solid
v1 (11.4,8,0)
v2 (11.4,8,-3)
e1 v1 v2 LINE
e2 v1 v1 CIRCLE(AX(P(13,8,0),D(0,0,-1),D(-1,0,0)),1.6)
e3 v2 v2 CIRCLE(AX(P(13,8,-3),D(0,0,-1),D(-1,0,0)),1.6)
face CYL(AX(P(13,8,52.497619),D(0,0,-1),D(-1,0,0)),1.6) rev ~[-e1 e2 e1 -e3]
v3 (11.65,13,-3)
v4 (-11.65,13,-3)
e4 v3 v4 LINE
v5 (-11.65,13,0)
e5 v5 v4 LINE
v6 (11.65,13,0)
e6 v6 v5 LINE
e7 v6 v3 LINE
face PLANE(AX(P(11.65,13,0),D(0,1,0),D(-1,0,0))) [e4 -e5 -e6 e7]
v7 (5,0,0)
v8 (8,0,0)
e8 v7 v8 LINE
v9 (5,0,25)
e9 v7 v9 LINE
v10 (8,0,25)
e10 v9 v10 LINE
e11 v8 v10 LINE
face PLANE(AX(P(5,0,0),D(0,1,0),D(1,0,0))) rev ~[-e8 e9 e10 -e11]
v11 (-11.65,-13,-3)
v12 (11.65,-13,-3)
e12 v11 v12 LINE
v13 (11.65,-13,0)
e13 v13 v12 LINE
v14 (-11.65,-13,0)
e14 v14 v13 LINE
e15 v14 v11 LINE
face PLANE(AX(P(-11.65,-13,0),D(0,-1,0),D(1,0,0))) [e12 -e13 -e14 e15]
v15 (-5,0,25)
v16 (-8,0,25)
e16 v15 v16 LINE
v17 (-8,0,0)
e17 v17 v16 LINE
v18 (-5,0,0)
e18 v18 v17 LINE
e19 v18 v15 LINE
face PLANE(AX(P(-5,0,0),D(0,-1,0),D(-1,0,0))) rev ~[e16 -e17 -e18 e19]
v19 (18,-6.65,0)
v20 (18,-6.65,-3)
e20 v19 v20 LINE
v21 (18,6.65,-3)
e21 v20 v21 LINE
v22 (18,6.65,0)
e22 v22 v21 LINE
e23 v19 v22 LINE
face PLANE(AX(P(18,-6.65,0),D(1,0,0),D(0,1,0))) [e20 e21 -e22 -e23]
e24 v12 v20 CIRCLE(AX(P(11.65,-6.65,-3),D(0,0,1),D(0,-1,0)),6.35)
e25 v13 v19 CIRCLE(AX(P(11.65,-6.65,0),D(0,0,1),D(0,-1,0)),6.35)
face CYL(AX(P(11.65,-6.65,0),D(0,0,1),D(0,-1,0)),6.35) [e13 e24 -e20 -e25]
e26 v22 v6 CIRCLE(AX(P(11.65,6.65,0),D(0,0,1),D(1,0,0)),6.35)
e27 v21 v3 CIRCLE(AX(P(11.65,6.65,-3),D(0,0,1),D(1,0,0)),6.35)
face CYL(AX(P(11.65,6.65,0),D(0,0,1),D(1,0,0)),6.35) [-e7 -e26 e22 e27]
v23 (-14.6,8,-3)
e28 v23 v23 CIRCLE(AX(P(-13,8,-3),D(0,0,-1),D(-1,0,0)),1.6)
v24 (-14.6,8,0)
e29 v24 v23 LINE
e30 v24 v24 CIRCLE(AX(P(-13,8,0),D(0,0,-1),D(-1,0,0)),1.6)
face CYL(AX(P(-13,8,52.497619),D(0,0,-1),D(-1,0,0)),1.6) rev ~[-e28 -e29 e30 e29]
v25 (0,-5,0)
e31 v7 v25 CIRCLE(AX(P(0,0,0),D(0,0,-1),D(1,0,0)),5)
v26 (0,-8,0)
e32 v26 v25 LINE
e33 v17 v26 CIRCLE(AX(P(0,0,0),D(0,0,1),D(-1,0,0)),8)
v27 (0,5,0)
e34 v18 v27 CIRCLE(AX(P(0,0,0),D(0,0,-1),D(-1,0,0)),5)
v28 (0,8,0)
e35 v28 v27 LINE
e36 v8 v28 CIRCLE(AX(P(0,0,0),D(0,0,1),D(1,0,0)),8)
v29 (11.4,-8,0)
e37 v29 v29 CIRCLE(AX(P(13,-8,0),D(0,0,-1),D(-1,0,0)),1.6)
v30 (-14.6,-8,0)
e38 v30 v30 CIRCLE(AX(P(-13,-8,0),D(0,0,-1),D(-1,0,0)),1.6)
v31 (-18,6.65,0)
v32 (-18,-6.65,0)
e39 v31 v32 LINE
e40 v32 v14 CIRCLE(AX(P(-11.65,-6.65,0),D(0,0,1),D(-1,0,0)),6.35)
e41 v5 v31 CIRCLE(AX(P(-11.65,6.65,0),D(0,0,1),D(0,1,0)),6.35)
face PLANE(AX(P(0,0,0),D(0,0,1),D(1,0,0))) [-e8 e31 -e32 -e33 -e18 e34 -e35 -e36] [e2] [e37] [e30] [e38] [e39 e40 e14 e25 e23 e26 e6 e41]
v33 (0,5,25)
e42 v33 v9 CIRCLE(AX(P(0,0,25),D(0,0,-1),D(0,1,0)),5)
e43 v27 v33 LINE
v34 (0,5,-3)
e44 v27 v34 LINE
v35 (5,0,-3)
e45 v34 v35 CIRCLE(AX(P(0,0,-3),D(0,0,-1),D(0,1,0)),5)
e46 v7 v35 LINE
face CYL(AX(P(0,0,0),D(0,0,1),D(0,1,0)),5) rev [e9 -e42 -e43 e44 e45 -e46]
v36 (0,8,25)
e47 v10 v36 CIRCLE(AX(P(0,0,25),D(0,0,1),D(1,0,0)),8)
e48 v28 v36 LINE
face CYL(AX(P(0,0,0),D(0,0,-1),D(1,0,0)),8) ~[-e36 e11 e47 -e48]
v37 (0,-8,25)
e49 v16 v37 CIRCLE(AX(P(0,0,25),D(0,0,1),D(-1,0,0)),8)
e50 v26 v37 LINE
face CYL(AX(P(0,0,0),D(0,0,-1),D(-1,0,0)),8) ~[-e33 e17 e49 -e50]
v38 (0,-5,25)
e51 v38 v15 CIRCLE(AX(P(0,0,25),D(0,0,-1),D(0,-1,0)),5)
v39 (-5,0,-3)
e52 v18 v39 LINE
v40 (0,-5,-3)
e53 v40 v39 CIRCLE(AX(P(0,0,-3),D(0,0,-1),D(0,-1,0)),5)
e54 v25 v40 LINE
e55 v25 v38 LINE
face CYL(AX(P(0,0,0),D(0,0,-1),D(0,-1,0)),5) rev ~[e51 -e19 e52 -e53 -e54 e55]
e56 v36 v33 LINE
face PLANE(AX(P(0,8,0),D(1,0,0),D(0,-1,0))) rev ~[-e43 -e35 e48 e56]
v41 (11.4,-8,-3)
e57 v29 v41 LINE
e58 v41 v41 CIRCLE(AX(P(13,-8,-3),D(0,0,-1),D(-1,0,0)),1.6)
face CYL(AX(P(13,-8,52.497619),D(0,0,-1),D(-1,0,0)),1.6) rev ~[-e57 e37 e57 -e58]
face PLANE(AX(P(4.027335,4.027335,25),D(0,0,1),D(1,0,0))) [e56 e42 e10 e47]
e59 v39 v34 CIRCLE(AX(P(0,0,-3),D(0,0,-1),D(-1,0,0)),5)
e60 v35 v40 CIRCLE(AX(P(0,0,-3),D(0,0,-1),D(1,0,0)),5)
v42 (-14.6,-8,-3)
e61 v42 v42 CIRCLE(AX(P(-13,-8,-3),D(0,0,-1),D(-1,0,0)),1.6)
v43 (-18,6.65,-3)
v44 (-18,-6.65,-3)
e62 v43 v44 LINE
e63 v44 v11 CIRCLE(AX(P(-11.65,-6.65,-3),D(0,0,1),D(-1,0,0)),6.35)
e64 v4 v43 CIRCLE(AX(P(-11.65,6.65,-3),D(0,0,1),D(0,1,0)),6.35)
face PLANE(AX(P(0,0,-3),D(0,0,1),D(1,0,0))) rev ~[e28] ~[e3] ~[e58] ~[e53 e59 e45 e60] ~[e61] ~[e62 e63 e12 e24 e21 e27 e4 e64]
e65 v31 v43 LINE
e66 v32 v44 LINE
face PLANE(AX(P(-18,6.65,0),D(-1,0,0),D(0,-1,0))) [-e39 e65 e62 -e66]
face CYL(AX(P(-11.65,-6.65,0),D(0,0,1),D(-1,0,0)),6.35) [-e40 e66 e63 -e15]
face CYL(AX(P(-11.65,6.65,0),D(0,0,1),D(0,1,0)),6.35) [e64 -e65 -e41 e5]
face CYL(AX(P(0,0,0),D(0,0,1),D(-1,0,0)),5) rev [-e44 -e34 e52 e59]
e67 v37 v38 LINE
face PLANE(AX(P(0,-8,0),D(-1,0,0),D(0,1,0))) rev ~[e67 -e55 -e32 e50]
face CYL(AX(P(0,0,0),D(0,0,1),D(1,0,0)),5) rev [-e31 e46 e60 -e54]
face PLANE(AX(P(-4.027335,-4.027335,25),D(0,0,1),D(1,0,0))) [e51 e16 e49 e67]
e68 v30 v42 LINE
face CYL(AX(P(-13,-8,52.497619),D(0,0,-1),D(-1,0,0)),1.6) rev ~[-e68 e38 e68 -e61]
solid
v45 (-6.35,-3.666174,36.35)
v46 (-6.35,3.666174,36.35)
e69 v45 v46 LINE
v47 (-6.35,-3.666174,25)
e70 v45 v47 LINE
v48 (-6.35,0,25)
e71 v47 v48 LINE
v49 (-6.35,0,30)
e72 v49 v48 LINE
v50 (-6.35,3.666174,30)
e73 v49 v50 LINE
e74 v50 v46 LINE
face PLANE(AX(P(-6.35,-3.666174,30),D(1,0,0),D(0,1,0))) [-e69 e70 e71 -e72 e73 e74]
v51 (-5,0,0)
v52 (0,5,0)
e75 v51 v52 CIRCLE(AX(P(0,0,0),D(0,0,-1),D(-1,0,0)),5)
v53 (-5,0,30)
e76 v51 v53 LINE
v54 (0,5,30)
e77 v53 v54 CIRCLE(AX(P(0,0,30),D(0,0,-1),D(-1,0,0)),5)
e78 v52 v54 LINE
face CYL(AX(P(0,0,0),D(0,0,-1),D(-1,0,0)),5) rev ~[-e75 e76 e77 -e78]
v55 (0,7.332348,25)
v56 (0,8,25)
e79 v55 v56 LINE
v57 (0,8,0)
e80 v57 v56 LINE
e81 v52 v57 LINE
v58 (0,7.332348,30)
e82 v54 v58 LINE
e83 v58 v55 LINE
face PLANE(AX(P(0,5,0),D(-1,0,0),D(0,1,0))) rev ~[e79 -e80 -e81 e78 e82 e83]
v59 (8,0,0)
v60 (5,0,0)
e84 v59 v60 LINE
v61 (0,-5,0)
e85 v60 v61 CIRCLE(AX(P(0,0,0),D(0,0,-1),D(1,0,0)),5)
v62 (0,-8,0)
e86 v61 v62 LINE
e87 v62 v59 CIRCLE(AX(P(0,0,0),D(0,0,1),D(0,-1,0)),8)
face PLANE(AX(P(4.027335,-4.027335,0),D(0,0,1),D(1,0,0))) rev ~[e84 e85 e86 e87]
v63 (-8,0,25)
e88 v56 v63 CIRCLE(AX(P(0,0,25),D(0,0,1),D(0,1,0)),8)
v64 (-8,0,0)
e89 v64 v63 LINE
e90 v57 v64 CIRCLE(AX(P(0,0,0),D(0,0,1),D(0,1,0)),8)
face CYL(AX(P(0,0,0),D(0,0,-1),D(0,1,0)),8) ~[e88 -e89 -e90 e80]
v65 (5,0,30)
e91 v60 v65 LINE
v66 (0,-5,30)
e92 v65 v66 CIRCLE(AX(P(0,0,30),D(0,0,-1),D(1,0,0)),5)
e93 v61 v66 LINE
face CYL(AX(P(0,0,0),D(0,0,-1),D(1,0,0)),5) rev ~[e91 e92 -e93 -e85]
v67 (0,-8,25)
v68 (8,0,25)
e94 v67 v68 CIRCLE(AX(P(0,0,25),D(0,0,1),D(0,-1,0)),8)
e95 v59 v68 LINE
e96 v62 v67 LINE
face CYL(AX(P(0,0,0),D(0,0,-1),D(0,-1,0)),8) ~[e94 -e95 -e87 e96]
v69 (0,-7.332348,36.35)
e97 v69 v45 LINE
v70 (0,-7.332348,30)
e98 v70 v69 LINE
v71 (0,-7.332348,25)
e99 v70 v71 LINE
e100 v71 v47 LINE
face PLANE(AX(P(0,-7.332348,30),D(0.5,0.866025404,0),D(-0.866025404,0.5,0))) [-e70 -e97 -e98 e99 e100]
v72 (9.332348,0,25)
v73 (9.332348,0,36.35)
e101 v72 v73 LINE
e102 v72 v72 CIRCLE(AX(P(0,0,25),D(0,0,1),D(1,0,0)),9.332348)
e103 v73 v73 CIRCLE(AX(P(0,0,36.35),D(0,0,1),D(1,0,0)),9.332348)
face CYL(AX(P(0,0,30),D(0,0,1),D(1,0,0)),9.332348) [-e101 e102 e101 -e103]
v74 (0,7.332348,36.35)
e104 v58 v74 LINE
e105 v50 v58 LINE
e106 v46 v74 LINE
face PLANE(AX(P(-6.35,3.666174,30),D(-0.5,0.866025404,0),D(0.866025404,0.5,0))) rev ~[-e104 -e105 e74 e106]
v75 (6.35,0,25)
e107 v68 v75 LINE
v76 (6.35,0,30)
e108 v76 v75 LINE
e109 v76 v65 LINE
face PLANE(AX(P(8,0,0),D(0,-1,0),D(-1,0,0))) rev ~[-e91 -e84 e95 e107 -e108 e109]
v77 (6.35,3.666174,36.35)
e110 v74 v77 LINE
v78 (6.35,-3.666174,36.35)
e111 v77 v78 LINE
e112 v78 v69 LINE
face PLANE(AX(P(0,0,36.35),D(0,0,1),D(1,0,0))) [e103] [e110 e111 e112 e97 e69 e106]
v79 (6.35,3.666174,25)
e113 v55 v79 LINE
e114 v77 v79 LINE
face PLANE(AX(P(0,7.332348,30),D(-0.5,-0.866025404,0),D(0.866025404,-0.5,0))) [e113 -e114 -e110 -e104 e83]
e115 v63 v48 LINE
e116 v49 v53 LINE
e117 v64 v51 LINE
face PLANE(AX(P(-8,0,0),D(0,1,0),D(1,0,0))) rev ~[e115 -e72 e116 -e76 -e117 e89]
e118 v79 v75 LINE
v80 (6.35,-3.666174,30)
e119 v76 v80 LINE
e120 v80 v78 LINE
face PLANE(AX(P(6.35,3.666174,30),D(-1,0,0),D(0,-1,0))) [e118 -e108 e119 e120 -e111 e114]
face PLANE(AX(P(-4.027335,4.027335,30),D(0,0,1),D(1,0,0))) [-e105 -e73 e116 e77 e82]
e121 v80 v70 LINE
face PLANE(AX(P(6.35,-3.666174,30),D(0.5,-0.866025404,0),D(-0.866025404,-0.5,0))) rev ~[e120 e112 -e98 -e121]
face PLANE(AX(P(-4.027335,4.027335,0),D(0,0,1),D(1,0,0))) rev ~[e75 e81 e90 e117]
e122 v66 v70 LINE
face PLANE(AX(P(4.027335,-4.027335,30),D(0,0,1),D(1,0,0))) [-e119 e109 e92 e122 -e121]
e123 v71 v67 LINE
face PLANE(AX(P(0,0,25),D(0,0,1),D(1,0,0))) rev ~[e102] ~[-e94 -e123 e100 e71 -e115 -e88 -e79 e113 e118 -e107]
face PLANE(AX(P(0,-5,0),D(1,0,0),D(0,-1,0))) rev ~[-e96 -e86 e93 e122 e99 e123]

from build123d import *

# Parameters (mm, degrees)
F1_DEPTH = 3
F2_DEPTH = 25
F3_DEPTH = 30
F4_D     = 3.2
F5_R     = 9.3323484187
F6_DEPTH = 6.35
F7_DEPTH = 5


with BuildPart() as f1:
    # F0 (on Top) → F1 (new body)
    with BuildSketch(Plane.XY):
        with BuildLine():
            Line((-18, 6.65), (-18, -6.65))
            ThreePointArc((-18, -6.65), (-16.1401280605, -11.1401280605), (-11.65, -13))
            Line((-11.65, -13), (11.65, -13))
            ThreePointArc((11.65, -13), (16.1401280605, -11.1401280605), (18, -6.65))
            Line((18, -6.65), (18, 6.65))
            ThreePointArc((18, 6.65), (16.1401280605, 11.1401280605), (11.65, 13))
            Line((11.65, 13), (-11.65, 13))
            ThreePointArc((-11.65, 13), (-16.1401280605, 11.1401280605), (-18, 6.65))
        make_face()
        with BuildLine():
            ThreePointArc((0, 8), (5.6568542495, 5.6568542495), (8, 0))
            ThreePointArc((8, 0), (5.6568542495, -5.6568542495), (0, -8))
            ThreePointArc((0, -8), (-5.6568542495, -5.6568542495), (-8, 0))
            ThreePointArc((-8, 0), (-5.6568542495, 5.6568542495), (0, 8))
        make_face(mode=Mode.SUBTRACT)
        with BuildLine():
            ThreePointArc((0, 5), (3.5355339059, 3.5355339059), (5, 0))
            Line((5, 0), (8, 0))
            ThreePointArc((8, 0), (5.6568542495, 5.6568542495), (0, 8))
            Line((0, 8), (0, 5))
        make_face()
        with BuildLine():
            ThreePointArc((-5, 0), (-3.5355339059, 3.5355339059), (0, 5))
            Line((0, 5), (0, 8))
            ThreePointArc((0, 8), (-5.6568542495, 5.6568542495), (-8, 0))
            Line((-8, 0), (-5, 0))
        make_face()
        with BuildLine():
            Line((0, -8), (0, -5))
            ThreePointArc((0, -5), (-3.5355339059, -3.5355339059), (-5, 0))
            Line((-5, 0), (-8, 0))
            ThreePointArc((-8, 0), (-5.6568542495, -5.6568542495), (0, -8))
        make_face()
        with BuildLine():
            Line((8, 0), (5, 0))
            ThreePointArc((5, 0), (3.5355339059, -3.5355339059), (0, -5))
            Line((0, -5), (0, -8))
            ThreePointArc((0, -8), (5.6568542495, -5.6568542495), (8, 0))
        make_face()
    extrude(amount=-F1_DEPTH)

    # F0 (on Top) → F2 (join)
    with BuildSketch(Plane.XY):
        with BuildLine():
            Line((0, -8), (0, -5))
            ThreePointArc((0, -5), (-3.5355339059, -3.5355339059), (-5, 0))
            Line((-5, 0), (-8, 0))
            ThreePointArc((-8, 0), (-5.6568542495, -5.6568542495), (0, -8))
        make_face()
        with BuildLine():
            ThreePointArc((0, 5), (3.5355339059, 3.5355339059), (5, 0))
            Line((5, 0), (8, 0))
            ThreePointArc((8, 0), (5.6568542495, 5.6568542495), (0, 8))
            Line((0, 8), (0, 5))
        make_face()
    extrude(amount=F2_DEPTH)

    # F4 (through all)
    with Locations(Plane.XY):
        with Locations((13, -8), (13, 8), (-13, 8), (-13, -8)):
            Hole(F4_D / 2)


with BuildPart() as f3:
    # F0 (on Top) → F3 (new body)
    with BuildSketch(Plane.XY):
        with BuildLine():
            Line((8, 0), (5, 0))
            ThreePointArc((5, 0), (3.5355339059, -3.5355339059), (0, -5))
            Line((0, -5), (0, -8))
            ThreePointArc((0, -8), (5.6568542495, -5.6568542495), (8, 0))
        make_face()
    extrude(amount=F3_DEPTH)



with BuildPart() as f3b:
    # F0 (on Top) → F3, piece 2 (new body)
    with BuildSketch(Plane.XY):
        with BuildLine():
            ThreePointArc((-5, 0), (-3.5355339059, 3.5355339059), (0, 5))
            Line((0, 5), (0, 8))
            ThreePointArc((0, 8), (-5.6568542495, 5.6568542495), (-8, 0))
            Line((-8, 0), (-5, 0))
        make_face()
    extrude(amount=F3_DEPTH)


with BuildPart() as f3_1:
    add(f3.part)

    add(f3b.part)  # F6 merges F3b
    # F5 (on face) → F6 (join)
    with BuildSketch(Plane.XY.offset(30)):
        Circle(F5_R)
        Polygon((0, 7.3323484187), (6.35, 3.6661742094), (6.35, -3.6661742094), (0, -7.3323484187), (-6.35, -3.6661742094), (-6.35, 3.6661742094), align=None, mode=Mode.SUBTRACT)
    extrude(amount=F6_DEPTH)

    # F7 (add): a face of the model
    f7_faces = [f3_1.faces().sort_by_distance(p)[0] for p in [
        (-9.0683897447, 0, 30),
    ]]
    extrude(f7_faces, amount=F7_DEPTH)


solid = Compound([f1.part, f3_1.part])
